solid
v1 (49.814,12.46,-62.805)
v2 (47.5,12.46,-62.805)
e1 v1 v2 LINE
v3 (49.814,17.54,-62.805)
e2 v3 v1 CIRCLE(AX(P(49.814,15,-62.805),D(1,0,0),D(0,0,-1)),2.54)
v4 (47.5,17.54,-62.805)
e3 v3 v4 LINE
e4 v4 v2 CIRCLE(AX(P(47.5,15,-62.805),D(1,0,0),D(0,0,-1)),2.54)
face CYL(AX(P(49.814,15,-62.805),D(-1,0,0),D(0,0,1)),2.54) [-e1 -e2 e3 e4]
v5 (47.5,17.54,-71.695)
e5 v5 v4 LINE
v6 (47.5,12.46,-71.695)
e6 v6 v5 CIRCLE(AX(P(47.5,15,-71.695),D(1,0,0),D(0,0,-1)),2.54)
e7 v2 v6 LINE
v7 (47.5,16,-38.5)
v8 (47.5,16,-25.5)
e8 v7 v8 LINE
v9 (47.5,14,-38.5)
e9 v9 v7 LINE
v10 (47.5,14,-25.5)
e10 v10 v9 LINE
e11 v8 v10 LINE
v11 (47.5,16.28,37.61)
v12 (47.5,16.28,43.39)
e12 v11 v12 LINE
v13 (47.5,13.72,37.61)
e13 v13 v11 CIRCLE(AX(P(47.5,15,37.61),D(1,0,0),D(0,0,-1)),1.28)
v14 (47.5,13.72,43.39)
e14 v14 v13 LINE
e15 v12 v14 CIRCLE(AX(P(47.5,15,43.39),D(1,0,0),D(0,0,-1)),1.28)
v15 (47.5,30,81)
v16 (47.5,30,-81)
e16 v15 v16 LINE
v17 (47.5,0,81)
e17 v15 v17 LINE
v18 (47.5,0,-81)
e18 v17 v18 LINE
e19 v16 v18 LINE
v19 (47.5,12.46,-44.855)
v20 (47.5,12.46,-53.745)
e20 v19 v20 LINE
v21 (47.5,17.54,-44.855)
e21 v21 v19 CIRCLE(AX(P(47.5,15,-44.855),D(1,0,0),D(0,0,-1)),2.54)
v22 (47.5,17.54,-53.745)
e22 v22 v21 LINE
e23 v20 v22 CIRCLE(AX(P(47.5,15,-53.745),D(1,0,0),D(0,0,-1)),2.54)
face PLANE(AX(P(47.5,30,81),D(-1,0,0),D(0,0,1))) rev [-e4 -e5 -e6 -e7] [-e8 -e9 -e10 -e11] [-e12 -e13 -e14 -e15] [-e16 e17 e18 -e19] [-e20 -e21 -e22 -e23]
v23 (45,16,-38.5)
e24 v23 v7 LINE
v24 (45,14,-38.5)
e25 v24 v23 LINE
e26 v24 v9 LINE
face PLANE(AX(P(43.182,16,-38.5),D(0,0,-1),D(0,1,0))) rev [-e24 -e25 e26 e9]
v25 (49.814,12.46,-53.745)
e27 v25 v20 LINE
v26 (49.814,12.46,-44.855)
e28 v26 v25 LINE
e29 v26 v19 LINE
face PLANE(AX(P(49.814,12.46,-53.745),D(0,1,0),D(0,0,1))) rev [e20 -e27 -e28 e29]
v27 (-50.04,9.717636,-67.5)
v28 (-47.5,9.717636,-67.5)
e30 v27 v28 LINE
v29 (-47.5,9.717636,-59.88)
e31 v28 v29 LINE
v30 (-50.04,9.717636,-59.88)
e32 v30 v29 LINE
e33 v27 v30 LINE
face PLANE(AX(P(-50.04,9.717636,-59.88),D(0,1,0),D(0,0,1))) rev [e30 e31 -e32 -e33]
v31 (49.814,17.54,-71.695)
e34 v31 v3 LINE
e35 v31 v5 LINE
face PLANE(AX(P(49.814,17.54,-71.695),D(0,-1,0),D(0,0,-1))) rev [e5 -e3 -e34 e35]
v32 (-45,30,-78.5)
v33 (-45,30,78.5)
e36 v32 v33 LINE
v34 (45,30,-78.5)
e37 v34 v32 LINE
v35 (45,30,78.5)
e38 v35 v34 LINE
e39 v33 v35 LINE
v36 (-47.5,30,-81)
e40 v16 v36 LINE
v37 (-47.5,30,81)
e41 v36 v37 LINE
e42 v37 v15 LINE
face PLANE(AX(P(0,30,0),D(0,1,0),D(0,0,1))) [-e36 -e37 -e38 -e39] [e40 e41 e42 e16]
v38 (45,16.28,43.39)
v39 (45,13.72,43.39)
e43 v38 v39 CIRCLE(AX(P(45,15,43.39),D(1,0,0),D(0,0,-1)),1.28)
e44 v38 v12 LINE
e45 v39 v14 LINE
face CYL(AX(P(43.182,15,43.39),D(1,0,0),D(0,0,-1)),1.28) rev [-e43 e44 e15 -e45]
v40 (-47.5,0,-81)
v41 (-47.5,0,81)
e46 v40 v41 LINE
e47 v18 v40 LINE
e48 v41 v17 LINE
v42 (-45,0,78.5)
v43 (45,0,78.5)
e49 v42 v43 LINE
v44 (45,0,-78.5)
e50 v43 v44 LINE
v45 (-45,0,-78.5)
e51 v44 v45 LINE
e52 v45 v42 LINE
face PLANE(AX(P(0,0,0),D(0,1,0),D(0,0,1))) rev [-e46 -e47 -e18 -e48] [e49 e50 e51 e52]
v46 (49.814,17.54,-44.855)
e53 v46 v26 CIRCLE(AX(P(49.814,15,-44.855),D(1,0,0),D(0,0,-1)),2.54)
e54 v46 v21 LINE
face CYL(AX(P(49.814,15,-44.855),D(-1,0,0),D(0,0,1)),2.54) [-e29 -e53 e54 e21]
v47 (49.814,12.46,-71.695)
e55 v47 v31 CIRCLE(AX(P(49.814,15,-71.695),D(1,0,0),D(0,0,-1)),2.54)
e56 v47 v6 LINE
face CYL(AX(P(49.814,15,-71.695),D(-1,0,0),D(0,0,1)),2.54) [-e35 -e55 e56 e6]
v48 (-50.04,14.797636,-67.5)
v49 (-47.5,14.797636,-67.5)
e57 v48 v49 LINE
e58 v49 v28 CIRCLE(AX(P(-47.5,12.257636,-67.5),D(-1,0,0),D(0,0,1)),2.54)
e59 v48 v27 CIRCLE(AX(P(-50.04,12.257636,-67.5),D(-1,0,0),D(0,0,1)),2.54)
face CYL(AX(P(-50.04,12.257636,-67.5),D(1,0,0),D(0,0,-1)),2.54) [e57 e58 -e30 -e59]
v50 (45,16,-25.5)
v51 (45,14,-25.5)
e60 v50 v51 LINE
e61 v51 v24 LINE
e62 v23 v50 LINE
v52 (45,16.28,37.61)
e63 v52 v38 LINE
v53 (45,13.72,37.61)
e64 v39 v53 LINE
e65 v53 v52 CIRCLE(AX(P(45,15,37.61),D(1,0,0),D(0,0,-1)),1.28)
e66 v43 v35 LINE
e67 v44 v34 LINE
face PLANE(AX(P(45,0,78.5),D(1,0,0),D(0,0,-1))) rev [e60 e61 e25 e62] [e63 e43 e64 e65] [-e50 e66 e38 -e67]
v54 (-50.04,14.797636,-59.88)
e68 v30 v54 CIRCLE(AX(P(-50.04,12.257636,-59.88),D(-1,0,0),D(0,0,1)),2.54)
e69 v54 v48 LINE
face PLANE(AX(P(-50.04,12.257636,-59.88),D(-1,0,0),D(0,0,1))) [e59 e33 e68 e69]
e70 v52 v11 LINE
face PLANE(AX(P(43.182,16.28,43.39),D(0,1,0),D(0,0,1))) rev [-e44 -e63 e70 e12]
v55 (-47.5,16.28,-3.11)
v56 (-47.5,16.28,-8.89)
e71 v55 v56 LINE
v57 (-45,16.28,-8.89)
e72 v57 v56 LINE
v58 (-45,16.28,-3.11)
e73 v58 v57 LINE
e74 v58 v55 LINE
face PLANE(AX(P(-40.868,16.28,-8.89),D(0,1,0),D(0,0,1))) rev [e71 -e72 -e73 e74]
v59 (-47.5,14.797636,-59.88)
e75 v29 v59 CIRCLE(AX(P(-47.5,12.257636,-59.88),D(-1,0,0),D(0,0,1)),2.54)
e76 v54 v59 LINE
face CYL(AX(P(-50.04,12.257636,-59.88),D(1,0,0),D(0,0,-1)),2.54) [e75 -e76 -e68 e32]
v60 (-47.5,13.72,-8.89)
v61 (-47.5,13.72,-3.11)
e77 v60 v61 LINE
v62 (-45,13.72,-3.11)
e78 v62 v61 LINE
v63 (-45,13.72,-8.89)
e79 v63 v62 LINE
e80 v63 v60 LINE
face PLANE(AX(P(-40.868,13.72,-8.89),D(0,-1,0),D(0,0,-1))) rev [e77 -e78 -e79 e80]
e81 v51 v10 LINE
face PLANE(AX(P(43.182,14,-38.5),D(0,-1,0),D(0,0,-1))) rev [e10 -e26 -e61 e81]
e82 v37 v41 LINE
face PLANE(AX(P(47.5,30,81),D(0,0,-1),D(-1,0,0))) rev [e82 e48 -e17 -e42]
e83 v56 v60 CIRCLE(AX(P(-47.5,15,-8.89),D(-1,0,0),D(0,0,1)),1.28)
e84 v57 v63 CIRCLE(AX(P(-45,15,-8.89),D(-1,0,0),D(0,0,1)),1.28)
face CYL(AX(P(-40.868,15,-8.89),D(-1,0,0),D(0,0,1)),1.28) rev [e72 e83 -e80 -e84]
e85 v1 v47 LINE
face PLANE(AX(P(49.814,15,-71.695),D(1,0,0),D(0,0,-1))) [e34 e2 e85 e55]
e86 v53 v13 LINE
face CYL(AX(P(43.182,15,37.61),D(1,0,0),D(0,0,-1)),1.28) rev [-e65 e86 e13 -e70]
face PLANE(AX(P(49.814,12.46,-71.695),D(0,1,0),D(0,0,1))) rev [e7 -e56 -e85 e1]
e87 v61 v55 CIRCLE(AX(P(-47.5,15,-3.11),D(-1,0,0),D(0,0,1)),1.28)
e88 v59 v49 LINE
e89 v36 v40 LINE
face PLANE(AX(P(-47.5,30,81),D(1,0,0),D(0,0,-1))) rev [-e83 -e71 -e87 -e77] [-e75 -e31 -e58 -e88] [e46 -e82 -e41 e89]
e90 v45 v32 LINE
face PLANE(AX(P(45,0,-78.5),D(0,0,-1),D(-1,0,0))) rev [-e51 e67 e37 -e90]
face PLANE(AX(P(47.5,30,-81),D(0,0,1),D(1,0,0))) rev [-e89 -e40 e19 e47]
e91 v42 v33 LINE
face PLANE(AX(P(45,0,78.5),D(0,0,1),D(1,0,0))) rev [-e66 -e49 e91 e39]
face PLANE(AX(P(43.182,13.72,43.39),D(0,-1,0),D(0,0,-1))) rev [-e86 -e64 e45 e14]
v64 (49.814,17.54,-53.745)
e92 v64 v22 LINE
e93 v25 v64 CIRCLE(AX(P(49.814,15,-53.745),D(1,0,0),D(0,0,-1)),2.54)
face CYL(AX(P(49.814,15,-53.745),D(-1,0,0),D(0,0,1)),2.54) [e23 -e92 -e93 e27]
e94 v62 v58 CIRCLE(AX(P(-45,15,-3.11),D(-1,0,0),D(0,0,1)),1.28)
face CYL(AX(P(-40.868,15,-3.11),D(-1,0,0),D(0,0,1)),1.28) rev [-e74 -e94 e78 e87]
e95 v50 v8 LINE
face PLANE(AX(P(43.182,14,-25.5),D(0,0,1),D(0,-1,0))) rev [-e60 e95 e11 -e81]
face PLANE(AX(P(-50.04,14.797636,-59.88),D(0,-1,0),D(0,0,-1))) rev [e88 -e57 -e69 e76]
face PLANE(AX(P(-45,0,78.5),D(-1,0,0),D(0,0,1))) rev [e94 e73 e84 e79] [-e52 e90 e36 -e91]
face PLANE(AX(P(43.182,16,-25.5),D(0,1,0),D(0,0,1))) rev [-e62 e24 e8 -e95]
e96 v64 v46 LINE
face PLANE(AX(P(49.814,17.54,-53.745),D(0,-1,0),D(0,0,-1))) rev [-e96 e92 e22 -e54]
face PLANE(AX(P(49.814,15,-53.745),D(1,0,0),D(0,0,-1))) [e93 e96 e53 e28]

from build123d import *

# Parameters (mm, degrees)
SKETCH1_W           = 94.999999992
SKETCH1_H           = 162.000000104
BOSS_EXTRUDE1_DEPTH = 30
SKETCH2_W           = 90.000000086
SKETCH2_H           = 156.999999944
CUT_EXTRUDE1_DEPTH  = 30
SKETCH3_W           = 13
SKETCH3_H           = 2
BOSS_EXTRUDE2_DEPTH = 2.314
SKETCH4_W           = 13
SKETCH4_H           = 2
CUT_EXTRUDE2_DEPTH  = 6.632
CUT_EXTRUDE3_START  = -6.632
CUT_EXTRUDE3_DEPTH  = 6.632
CUT_EXTRUDE4_DEPTH  = 6.632
BOSS_EXTRUDE3_DEPTH = 2.54


with BuildPart() as part:
    # Sketch1 → Boss-Extrude1 (new body)
    with BuildSketch(Plane(origin=(0, 0, 0), x_dir=(1, 0, 0), z_dir=(0, 1, 0))):
        Rectangle(SKETCH1_W, SKETCH1_H)
    extrude(amount=BOSS_EXTRUDE1_DEPTH)

    # Sketch2 → Cut-Extrude1 (cut)
    with BuildSketch(Plane(origin=(0, 30, 0), x_dir=(1, 0, 0), z_dir=(0, 1, 0))):
        Rectangle(SKETCH2_W, SKETCH2_H)
    extrude(amount=-CUT_EXTRUDE1_DEPTH, mode=Mode.SUBTRACT)

    # Sketch3 → Boss-Extrude2 (add)
    with BuildSketch(Plane(origin=(47.499999996, 0, 0), x_dir=(0, 0, -1), z_dir=(1, 0, 0))):
        with BuildLine():
            Line((71.695000052, 12.46), (62.805000052, 12.46))
            ThreePointArc((62.805000052, 12.46), (60.265000052, 15), (62.805000052, 17.54))
            Line((62.805000052, 17.54), (71.695000052, 17.54))
            ThreePointArc((71.695000052, 17.54), (74.235000052, 15), (71.695000052, 12.46))
        make_face()
        with BuildLine():
            Line((53.744999952, 12.46), (44.854999952, 12.46))
            ThreePointArc((44.854999952, 12.46), (42.314999952, 15), (44.854999952, 17.54))
            Line((44.854999952, 17.54), (53.744999952, 17.54))
            ThreePointArc((53.744999952, 17.54), (56.284999952, 15), (53.744999952, 12.46))
        make_face()
        with Locations((32.000000052, 15)):
            Rectangle(SKETCH3_W, SKETCH3_H)
        with BuildLine():
            Line((-37.609999928, 13.72000002), (-43.389999968, 13.72000002))
            ThreePointArc((-43.389999968, 13.72000002), (-44.669999948, 15), (-43.389999968, 16.27999998))
            Line((-43.389999968, 16.27999998), (-37.609999928, 16.27999998))
            ThreePointArc((-37.609999928, 16.27999998), (-36.329999948, 15), (-37.609999928, 13.72000002))
        make_face()
    extrude(amount=BOSS_EXTRUDE2_DEPTH)

    # Sketch4 → Cut-Extrude2 (cut)
    with BuildSketch(Plane(origin=(49.813999996, 0, 0), x_dir=(0, 0, -1), z_dir=(1, 0, 0))):
        with Locations((32.000000052, 15)):
            Rectangle(SKETCH4_W, SKETCH4_H)
    extrude(amount=-CUT_EXTRUDE2_DEPTH, mode=Mode.SUBTRACT)

    # Sketch5 → Cut-Extrude3 (cut)
    with BuildSketch(Plane(origin=(49.813999996, 0, 0), x_dir=(0, 0, -1), z_dir=(1, 0, 0)).offset(CUT_EXTRUDE3_START)):
        with BuildLine():
            Line((-43.389999968, 16.27999998), (-37.609999928, 16.27999998))
            ThreePointArc((-37.609999928, 16.27999998), (-36.704903262, 15.905096666), (-36.329999948, 15))
            ThreePointArc((-36.329999948, 15), (-36.704903262, 14.094903334), (-37.609999928, 13.72000002))
            Line((-37.609999928, 13.72000002), (-43.389999968, 13.72000002))
            ThreePointArc((-43.389999968, 13.72000002), (-44.295096634, 14.094903334), (-44.669999948, 15))
            ThreePointArc((-44.669999948, 15), (-44.295096634, 15.905096666), (-43.389999968, 16.27999998))
        make_face()
    extrude(amount=CUT_EXTRUDE3_DEPTH, mode=Mode.SUBTRACT)

    # Sketch6 → Cut-Extrude4 (cut)
    with BuildSketch(Plane.ZY.offset(47.499999996)):
        with BuildLine():
            Line((-8.890000094, 16.28), (-3.11000001, 16.28))
            ThreePointArc((-3.11000001, 16.28), (-1.83000001, 15), (-3.11000001, 13.72))
            Line((-3.11000001, 13.72), (-8.890000094, 13.72))
            ThreePointArc((-8.890000094, 13.72), (-10.170000094, 15), (-8.890000094, 16.28))
        make_face()
    extrude(amount=-CUT_EXTRUDE4_DEPTH, mode=Mode.SUBTRACT)

    # Sketch9 → Boss-Extrude3 (add)
    with BuildSketch(Plane.ZY.offset(47.499999996)):
        with BuildLine():
            Line((-59.880000052, 9.717636473), (-67.500000052, 9.717636473))
            ThreePointArc((-67.500000052, 9.717636473), (-70.040000052, 12.257636473), (-67.500000052, 14.797636473))
            Line((-67.500000052, 14.797636473), (-59.880000052, 14.797636473))
            ThreePointArc((-59.880000052, 14.797636473), (-57.340000052, 12.257636473), (-59.880000052, 9.717636473))
        make_face()
    extrude(amount=BOSS_EXTRUDE3_DEPTH)


solid = part.part
